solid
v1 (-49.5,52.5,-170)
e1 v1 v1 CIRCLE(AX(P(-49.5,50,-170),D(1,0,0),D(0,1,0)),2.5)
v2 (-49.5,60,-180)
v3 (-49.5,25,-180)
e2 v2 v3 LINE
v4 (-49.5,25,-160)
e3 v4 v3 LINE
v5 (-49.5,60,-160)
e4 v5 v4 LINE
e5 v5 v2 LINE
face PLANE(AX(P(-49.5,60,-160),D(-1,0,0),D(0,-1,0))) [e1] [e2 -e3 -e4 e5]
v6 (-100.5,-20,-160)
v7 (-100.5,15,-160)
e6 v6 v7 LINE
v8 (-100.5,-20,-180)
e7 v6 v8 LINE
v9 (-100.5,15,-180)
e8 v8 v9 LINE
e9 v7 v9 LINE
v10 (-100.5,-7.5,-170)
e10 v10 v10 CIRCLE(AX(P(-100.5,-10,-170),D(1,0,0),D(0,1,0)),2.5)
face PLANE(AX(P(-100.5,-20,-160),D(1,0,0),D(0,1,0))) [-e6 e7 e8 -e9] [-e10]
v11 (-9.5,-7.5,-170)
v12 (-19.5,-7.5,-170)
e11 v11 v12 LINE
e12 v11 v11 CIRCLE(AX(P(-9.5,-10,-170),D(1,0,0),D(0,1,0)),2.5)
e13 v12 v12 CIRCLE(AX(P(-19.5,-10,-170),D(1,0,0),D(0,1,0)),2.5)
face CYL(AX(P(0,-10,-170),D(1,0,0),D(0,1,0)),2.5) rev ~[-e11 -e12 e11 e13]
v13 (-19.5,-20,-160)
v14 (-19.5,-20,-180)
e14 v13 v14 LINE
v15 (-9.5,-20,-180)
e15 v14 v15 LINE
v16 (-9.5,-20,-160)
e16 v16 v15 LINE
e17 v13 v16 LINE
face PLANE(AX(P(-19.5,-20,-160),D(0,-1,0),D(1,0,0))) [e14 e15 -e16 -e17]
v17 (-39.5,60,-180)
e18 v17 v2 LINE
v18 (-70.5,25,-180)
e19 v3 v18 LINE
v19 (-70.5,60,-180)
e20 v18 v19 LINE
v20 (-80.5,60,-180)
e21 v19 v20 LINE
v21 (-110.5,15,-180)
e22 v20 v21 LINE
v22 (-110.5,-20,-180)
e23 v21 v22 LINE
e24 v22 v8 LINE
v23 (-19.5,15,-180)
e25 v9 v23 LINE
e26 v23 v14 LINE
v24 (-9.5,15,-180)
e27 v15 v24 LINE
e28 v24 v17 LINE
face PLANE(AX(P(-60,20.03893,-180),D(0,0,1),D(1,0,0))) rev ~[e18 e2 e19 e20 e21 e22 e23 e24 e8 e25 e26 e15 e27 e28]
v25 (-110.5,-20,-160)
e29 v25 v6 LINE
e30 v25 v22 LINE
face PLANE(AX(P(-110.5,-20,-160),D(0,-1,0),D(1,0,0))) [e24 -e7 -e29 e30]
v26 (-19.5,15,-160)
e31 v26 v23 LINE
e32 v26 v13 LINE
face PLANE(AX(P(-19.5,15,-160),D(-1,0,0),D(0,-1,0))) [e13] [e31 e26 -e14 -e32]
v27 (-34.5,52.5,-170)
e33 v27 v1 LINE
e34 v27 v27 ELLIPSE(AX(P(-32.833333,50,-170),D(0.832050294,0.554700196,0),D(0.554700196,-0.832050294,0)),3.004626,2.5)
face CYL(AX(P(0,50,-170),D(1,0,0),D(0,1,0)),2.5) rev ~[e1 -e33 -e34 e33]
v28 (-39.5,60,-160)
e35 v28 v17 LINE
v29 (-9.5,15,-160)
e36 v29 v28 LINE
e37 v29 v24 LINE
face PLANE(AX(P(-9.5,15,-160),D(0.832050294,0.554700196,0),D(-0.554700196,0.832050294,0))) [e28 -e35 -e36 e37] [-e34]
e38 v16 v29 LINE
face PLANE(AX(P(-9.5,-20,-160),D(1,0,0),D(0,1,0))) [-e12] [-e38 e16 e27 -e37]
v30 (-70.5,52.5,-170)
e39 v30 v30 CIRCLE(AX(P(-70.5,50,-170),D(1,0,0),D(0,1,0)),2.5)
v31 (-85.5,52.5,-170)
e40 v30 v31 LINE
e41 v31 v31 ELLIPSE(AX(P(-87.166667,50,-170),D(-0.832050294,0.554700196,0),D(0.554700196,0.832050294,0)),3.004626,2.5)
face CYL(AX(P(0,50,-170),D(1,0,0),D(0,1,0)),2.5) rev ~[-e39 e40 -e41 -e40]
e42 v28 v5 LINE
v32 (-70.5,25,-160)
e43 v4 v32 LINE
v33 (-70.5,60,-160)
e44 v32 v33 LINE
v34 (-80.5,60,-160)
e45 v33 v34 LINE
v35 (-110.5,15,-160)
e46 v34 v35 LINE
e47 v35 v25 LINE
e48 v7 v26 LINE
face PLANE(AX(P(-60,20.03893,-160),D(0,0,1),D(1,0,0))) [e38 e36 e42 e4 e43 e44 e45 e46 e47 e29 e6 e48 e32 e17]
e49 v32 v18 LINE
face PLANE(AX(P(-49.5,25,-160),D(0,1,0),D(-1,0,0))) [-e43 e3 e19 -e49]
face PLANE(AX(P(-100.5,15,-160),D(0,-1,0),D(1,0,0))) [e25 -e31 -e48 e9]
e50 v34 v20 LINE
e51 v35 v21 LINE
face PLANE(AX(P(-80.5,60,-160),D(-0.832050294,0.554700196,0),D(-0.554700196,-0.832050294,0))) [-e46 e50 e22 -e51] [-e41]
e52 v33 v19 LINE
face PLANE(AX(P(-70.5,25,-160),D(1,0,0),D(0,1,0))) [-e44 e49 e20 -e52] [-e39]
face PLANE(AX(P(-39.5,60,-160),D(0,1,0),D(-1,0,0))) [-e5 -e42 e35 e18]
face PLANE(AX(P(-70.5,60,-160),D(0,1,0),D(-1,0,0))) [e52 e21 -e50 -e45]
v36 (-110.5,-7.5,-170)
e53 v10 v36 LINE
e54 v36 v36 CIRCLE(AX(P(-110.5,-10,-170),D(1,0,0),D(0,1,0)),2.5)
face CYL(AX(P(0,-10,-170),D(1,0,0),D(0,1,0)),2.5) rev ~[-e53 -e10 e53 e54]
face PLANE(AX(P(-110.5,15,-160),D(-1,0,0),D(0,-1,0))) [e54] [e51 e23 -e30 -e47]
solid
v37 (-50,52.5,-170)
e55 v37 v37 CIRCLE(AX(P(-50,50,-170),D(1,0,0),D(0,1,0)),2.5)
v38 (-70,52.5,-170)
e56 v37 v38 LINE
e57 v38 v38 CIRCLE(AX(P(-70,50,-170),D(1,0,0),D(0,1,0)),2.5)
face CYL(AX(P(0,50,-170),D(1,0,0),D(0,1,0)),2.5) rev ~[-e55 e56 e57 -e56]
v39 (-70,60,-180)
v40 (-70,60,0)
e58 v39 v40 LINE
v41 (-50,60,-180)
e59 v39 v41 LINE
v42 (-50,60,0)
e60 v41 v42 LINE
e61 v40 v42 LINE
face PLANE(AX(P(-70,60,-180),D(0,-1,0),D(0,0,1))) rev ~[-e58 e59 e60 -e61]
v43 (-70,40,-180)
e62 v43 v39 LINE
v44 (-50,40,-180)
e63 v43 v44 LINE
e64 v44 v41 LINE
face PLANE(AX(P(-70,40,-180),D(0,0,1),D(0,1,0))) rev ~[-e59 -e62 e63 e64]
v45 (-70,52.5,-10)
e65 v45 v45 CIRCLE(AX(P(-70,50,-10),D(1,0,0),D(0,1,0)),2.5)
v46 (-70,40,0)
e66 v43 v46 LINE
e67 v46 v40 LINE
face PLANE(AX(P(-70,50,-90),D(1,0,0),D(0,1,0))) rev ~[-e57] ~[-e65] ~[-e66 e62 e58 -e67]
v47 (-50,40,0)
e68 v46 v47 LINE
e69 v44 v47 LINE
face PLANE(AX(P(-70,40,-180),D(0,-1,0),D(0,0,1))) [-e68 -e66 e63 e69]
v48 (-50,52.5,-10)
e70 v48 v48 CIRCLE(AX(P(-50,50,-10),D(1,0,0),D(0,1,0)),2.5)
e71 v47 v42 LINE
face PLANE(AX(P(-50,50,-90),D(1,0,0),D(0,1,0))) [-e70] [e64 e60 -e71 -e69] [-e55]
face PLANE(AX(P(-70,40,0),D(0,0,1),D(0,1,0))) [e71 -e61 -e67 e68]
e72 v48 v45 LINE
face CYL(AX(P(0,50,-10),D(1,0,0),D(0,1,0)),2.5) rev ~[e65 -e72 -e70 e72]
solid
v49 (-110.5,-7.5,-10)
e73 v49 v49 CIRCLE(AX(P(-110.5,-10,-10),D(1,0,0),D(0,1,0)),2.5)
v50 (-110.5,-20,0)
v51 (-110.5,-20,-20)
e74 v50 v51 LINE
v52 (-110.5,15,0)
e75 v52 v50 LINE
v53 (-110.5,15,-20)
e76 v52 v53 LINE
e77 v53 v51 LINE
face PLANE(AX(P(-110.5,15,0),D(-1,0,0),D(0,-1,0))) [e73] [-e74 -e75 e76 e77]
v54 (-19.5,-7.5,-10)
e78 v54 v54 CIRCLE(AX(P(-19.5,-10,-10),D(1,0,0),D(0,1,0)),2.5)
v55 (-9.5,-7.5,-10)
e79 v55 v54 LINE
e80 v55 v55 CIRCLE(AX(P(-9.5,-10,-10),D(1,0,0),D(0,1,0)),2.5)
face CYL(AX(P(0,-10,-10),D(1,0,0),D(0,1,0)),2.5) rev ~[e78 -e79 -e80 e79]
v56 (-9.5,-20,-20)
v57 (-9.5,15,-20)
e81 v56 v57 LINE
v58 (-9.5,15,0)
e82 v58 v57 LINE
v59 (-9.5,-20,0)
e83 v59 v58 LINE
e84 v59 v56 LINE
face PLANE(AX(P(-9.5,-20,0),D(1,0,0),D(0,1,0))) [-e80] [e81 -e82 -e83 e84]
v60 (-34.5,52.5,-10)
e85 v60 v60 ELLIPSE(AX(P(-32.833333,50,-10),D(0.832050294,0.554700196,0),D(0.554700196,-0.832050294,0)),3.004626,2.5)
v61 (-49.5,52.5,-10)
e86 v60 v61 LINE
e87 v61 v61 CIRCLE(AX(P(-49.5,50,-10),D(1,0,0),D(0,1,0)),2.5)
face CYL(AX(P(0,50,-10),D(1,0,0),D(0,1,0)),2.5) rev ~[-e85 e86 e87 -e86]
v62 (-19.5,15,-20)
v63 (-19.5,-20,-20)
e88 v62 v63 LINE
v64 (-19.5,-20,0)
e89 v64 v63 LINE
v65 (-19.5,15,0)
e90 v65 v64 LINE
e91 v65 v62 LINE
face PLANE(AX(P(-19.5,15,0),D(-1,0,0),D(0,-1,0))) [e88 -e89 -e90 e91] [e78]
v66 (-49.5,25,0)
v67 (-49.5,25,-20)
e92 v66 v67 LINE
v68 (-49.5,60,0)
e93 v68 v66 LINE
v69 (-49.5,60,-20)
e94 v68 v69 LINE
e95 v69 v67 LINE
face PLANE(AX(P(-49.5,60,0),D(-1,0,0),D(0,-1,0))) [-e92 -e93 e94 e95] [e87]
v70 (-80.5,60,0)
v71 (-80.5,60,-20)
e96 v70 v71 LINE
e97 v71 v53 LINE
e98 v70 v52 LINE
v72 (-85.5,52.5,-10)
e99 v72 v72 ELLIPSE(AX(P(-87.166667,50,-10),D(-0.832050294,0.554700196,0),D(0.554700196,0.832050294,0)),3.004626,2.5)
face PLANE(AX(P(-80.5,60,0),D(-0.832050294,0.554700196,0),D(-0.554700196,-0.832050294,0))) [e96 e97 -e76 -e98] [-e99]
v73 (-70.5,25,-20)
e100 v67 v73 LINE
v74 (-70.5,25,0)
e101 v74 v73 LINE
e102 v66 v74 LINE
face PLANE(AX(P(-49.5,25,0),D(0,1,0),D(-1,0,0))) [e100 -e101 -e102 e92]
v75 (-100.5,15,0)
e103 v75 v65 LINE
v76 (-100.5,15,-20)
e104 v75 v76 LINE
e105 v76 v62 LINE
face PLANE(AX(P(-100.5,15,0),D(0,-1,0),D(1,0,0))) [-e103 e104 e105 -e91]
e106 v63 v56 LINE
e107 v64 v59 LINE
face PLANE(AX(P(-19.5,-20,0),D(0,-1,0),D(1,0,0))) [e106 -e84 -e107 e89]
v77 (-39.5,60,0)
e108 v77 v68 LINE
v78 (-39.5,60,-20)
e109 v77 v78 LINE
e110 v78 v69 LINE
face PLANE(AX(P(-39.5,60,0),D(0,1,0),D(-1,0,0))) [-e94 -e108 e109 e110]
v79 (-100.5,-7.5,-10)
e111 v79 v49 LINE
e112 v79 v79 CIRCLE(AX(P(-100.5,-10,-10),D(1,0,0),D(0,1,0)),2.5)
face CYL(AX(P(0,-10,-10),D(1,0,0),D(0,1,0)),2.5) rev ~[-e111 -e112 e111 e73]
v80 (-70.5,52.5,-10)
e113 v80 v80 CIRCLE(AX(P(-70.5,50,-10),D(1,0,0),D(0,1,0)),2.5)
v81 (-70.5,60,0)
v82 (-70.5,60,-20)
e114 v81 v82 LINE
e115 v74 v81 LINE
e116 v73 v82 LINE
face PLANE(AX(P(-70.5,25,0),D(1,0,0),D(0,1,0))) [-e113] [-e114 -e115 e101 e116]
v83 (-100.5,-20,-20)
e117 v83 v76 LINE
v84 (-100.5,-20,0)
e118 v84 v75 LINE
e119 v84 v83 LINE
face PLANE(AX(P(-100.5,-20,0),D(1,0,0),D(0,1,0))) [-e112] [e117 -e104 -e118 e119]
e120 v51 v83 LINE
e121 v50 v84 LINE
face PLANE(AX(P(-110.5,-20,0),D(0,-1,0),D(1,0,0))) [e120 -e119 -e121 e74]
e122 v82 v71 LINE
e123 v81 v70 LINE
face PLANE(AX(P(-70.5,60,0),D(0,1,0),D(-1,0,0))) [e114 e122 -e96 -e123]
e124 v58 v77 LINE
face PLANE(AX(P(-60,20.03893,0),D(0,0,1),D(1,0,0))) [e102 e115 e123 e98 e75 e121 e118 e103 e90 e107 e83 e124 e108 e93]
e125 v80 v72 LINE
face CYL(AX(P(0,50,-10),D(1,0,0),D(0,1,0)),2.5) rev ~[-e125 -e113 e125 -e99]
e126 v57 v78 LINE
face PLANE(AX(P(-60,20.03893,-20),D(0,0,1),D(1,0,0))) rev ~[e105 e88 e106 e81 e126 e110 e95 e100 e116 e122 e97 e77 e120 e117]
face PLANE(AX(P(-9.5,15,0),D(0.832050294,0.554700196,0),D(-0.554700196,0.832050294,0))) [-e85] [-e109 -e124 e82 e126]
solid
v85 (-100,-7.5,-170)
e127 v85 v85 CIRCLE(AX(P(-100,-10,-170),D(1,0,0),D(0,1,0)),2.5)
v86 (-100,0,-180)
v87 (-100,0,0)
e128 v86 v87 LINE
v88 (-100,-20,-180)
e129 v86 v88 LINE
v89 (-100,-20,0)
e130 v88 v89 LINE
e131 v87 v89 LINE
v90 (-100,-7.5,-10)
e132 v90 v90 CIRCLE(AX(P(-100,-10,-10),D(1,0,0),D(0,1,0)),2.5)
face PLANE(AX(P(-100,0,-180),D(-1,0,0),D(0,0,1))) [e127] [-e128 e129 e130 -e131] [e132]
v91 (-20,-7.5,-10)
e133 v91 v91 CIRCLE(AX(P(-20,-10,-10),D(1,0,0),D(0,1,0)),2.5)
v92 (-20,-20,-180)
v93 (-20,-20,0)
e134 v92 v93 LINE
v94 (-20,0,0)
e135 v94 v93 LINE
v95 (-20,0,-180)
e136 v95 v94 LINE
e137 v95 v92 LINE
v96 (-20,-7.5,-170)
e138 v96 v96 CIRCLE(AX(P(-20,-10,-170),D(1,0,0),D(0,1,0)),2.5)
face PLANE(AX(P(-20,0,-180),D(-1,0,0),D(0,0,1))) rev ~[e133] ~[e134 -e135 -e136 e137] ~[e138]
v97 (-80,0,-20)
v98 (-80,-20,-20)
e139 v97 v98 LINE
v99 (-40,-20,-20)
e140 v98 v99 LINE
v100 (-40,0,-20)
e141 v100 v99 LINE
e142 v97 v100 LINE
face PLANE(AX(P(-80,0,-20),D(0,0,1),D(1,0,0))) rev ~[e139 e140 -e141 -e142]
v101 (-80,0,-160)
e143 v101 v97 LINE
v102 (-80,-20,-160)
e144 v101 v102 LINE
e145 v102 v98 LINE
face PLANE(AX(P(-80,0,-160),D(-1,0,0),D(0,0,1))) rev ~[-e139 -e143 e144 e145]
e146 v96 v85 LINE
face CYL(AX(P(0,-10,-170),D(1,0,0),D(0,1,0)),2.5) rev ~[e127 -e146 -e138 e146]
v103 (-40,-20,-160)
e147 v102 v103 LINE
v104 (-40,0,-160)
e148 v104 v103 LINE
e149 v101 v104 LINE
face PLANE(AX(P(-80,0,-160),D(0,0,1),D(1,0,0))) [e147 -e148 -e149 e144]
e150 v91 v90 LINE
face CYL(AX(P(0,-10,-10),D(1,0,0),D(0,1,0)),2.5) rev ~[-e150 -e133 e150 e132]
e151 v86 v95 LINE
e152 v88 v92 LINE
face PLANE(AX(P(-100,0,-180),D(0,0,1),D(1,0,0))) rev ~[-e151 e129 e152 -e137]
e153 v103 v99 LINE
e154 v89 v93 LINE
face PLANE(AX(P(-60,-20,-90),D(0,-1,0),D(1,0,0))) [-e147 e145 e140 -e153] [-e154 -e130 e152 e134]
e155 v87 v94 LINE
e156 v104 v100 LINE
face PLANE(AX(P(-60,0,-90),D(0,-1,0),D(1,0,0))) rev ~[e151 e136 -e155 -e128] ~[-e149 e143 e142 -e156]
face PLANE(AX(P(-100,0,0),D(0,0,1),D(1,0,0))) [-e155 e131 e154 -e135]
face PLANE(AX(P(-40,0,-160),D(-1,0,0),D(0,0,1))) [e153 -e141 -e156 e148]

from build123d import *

# Parameters (mm, degrees)
F3_W      = 80
F3_H      = 180
F3_W_2    = 40
F3_H_2    = 140
F4_DEPTH  = 20
F7_DEPTH  = 20
F8_START  = -160
F8_DEPTH  = 20
F11_W     = 20
F11_H     = 180
F12_DEPTH = 20
F9_R      = 2.5
F13_DEPTH = 110.501


with BuildPart() as f4:
    # F3 (on Front) → F4 (new body)
    with BuildSketch(Plane.XZ):
        with Locations((-60, -90)):
            Rectangle(F3_W, F3_H)
        with Locations((-60, -90)):
            Rectangle(F3_W_2, F3_H_2, mode=Mode.SUBTRACT)
    extrude(amount=F4_DEPTH)


with BuildPart() as f7:
    # F6 (on offset) → F7 (new body)
    with BuildSketch(Plane.XY):
        Polygon((-110.5, -20), (-100.5, -20), (-100.5, 15), (-19.5, 15), (-19.5, -20), (-9.5, -20), (-9.5, 15), (-39.5, 60), (-49.5, 60), (-49.5, 25), (-70.5, 25), (-70.5, 60), (-80.5, 60), (-110.5, 15), align=None)
    extrude(amount=-F7_DEPTH)


with BuildPart() as f8:
    # F6 (on offset) → F8 (new body)
    with BuildSketch(Plane.XY.offset(F8_START)):
        Polygon((-110.5, -20), (-100.5, -20), (-100.5, 15), (-19.5, 15), (-19.5, -20), (-9.5, -20), (-9.5, 15), (-39.5, 60), (-49.5, 60), (-49.5, 25), (-70.5, 25), (-70.5, 60), (-80.5, 60), (-110.5, 15), align=None)
    extrude(amount=-F8_DEPTH)


with BuildPart() as f12:
    # F11 (on offset) → F12 (new body)
    with BuildSketch(Plane.YZ.offset(-70)):
        with Locations((50, -90)):
            Rectangle(F11_W, F11_H)
    extrude(amount=F12_DEPTH)


with BuildPart() as f13_tool:
    # F9 (on Right) → F13 (new body, through all)
    with BuildSketch(Plane.YZ):
        with Locations((-10, -10)):
            Circle(F9_R)
        with Locations((-10, -170)):
            Circle(F9_R)
        with Locations((50, -10)):
            Circle(F9_R)
        with Locations((50, -170)):
            Circle(F9_R)
    extrude(amount=-F13_DEPTH)


with BuildPart() as f4_1:
    add(f4.part)

    # F13: cut by f13_tool
    add(f13_tool.part, mode=Mode.SUBTRACT)


with BuildPart() as f7_1:
    add(f7.part)

    # F13: cut by f13_tool
    add(f13_tool.part, mode=Mode.SUBTRACT)


with BuildPart() as f8_1:
    add(f8.part)

    # F13: cut by f13_tool
    add(f13_tool.part, mode=Mode.SUBTRACT)


with BuildPart() as f12_1:
    add(f12.part)

    # F13: cut by f13_tool
    add(f13_tool.part, mode=Mode.SUBTRACT)


solid = Compound([f4_1.part, f7_1.part, f8_1.part, f12_1.part])
